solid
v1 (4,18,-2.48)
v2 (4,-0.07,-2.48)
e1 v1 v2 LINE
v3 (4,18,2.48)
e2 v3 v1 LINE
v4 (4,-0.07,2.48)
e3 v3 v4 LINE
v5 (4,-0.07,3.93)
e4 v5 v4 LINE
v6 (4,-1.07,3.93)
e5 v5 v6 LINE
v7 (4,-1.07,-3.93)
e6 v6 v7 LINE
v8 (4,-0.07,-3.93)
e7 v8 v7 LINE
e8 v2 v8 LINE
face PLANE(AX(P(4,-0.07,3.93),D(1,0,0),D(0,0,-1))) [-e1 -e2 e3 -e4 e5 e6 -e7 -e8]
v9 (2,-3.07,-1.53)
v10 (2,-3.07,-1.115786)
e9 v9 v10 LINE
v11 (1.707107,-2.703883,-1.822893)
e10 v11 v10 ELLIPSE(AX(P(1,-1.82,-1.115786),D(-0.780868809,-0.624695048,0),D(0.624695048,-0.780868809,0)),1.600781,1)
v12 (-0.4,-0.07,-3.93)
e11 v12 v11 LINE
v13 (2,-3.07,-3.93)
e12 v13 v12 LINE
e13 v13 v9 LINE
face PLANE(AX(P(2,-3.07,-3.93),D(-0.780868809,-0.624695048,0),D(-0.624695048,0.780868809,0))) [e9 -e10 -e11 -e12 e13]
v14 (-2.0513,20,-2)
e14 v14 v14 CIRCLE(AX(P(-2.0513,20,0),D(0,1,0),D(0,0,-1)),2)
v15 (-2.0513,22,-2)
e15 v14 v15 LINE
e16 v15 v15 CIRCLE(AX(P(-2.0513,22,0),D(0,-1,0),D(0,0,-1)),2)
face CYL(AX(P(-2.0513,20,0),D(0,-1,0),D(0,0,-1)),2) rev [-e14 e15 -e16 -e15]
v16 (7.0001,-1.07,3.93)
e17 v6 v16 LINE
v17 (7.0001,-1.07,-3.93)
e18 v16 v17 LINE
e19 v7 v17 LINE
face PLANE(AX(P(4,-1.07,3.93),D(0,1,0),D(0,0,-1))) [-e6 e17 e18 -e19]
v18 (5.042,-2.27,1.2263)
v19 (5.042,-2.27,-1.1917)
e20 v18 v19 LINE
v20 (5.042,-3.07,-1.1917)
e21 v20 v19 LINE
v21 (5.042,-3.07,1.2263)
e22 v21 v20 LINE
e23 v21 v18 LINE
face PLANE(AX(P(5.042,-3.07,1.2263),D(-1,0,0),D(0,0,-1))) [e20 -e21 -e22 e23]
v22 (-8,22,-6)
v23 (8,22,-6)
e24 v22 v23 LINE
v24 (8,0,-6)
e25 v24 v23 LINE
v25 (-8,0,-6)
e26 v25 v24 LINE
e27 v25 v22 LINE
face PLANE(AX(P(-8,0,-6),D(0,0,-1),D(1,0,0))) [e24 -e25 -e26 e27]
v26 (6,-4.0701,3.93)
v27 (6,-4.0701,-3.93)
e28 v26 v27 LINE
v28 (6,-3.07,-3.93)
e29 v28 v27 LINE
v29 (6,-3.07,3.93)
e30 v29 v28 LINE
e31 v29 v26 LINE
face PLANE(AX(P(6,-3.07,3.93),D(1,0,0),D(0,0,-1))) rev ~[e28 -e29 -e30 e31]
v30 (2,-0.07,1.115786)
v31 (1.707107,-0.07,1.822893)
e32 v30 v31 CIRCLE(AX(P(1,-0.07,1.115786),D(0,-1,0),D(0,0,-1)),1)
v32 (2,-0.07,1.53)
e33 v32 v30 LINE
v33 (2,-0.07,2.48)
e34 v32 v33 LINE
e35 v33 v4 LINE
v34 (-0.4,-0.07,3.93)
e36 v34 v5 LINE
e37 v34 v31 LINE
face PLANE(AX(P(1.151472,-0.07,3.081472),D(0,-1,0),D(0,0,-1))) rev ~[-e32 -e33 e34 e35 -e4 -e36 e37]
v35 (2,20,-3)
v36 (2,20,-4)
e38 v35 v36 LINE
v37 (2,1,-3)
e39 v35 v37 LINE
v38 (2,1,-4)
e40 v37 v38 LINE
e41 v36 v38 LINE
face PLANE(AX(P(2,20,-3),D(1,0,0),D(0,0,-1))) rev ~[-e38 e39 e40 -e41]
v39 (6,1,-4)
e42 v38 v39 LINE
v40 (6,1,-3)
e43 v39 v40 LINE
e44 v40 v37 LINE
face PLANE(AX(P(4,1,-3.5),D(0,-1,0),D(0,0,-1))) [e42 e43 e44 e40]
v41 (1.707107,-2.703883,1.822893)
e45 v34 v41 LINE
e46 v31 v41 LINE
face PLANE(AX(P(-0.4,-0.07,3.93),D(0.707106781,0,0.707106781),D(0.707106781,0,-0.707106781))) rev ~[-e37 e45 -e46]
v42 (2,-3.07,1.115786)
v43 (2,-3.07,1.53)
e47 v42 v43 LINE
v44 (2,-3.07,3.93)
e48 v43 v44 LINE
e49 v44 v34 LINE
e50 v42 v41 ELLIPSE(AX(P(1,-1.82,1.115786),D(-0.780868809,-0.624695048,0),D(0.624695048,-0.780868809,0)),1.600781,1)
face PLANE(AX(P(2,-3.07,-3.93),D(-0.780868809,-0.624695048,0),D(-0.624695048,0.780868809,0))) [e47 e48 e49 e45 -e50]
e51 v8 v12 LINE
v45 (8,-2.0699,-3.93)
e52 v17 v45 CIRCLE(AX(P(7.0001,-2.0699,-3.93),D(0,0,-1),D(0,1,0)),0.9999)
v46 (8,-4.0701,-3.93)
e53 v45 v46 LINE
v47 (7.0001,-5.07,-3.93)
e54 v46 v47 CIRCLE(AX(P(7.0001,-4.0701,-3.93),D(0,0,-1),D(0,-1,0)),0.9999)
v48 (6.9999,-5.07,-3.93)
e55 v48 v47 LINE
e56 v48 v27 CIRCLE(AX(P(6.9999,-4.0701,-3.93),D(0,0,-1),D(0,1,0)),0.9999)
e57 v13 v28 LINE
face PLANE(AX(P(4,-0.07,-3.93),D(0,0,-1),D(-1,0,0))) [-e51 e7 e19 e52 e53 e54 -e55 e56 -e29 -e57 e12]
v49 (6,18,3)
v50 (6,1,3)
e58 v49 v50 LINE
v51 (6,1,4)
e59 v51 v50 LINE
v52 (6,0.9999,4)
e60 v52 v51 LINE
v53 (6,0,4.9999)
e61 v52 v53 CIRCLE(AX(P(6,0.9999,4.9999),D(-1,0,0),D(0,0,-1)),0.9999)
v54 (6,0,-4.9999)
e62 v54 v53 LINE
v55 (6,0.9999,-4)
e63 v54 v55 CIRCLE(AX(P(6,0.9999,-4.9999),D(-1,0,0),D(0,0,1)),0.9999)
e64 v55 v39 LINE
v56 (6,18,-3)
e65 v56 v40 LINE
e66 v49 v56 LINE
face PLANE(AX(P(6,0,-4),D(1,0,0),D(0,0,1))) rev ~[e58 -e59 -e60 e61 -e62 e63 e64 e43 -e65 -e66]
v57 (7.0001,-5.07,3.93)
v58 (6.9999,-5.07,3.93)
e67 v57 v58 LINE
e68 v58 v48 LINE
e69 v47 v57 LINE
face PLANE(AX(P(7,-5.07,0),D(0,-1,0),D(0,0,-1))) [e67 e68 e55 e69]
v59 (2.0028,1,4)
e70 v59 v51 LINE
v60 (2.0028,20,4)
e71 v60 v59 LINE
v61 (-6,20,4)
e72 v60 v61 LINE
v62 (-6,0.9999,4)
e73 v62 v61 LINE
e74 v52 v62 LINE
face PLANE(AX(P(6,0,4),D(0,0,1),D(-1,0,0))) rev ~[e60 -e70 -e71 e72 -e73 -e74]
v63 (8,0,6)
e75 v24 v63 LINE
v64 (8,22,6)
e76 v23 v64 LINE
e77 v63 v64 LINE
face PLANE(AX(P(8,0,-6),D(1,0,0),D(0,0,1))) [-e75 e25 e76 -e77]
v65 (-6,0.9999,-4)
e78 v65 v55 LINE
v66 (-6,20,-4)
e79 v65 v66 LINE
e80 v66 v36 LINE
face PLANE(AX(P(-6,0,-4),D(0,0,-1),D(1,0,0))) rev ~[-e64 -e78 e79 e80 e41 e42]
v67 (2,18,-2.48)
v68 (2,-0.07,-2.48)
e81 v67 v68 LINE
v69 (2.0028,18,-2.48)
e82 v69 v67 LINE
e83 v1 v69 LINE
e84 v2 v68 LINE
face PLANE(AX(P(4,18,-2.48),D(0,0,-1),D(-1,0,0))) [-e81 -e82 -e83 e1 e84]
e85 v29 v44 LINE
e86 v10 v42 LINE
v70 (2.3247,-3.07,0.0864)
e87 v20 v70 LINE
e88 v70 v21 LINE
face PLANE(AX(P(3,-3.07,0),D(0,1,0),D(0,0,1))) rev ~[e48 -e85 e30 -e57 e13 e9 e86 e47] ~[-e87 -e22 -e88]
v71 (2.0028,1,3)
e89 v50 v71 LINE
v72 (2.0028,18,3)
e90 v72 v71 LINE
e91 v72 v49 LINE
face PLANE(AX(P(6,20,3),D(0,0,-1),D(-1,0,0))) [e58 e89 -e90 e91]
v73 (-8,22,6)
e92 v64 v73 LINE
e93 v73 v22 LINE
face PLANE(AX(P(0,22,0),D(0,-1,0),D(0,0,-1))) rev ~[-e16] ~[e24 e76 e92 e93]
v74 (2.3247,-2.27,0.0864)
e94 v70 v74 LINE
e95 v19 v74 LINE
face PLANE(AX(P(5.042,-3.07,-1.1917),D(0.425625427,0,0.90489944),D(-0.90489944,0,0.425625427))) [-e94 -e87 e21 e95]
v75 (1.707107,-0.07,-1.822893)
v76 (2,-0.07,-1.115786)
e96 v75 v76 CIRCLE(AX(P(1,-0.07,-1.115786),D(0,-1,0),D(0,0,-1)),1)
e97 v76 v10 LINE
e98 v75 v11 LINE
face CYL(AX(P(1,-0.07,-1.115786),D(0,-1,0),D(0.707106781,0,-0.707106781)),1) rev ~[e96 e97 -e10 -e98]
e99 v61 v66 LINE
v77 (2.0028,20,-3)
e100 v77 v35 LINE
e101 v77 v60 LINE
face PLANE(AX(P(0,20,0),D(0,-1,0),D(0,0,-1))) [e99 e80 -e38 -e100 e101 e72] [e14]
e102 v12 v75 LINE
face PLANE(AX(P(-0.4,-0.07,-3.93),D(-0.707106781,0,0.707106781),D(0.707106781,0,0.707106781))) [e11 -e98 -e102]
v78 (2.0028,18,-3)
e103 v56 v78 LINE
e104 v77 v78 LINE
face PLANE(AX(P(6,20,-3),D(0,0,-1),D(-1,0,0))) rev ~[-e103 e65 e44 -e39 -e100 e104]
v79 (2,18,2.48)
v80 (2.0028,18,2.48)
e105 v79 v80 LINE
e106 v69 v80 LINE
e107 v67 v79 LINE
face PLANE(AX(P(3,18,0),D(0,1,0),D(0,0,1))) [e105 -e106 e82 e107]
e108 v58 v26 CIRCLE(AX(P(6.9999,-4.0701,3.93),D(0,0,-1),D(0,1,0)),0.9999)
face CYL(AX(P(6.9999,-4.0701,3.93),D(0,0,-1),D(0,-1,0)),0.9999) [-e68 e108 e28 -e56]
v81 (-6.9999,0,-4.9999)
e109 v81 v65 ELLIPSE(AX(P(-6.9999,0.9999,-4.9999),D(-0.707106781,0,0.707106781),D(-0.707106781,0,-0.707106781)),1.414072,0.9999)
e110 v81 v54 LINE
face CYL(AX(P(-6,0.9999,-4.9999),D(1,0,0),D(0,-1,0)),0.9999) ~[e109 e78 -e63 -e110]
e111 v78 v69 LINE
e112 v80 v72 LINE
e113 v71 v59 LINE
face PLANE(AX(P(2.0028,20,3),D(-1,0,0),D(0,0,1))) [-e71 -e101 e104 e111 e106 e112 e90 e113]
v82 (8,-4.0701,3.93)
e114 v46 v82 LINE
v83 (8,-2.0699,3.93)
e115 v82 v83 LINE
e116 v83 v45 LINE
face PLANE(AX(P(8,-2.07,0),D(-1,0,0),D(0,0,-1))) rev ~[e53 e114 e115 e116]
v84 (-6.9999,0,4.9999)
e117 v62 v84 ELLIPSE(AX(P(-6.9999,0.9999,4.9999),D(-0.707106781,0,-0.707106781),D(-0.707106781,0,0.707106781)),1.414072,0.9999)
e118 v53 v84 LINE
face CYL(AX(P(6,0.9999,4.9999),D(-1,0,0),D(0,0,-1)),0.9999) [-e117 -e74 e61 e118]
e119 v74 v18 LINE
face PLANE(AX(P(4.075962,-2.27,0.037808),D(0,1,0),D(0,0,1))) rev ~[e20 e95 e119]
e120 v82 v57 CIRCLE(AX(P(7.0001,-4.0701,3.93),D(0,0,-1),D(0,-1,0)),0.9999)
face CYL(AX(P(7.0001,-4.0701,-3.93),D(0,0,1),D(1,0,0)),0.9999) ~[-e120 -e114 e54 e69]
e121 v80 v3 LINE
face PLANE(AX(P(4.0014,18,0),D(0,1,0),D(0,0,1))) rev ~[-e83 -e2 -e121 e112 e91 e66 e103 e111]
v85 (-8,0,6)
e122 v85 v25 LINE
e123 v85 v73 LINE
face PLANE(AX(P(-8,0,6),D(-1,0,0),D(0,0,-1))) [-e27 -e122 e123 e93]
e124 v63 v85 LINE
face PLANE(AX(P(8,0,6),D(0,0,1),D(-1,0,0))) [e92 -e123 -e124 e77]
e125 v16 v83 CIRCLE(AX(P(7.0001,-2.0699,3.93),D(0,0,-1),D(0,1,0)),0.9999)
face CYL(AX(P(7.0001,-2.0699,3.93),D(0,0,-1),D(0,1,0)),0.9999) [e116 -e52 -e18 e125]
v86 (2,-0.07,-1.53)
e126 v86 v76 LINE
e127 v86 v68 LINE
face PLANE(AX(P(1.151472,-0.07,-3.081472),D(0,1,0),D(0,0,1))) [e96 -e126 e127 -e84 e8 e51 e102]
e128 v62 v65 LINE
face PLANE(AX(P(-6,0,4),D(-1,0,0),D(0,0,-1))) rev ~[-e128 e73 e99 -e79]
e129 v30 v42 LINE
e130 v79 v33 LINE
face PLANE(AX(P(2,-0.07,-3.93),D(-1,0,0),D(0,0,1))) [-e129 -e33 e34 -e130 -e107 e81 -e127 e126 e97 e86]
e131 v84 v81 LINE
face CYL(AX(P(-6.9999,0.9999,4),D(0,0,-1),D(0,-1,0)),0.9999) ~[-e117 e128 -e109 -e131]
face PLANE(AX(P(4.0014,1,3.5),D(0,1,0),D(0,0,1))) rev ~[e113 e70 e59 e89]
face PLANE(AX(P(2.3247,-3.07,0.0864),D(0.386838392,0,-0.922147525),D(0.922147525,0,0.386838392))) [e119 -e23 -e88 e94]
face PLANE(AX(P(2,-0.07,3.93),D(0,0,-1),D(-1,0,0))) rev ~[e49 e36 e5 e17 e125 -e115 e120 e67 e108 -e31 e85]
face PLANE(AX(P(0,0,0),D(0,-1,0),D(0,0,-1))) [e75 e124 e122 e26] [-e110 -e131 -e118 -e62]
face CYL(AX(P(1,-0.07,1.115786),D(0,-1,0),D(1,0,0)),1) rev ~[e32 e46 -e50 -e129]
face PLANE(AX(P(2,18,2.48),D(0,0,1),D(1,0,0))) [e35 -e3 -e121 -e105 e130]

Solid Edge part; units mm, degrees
sketch "Sketch1" plane through (0, 0, 0) normal (0, -1, 0) x (1, 0, 0)
  line L0 (8, 6) -> (-8, 6)
  line L1 (-8, 6) -> (-8, -6)
  line L2 (-8, -6) -> (8, -6)
  line L3 (8, -6) -> (8, 6)
extrude "Protrusion1" add sketch "Sketch1" against normal blind 22
sketch "Sketch2" plane through (0, 0, 0) normal (0, -1, 0) x (1, 0, 0)
  line L0 (6, 4) -> (-6, 4)
  line L1 (-6, 4) -> (-6, -4)
  line L2 (-6, -4) -> (6, -4)
  line L3 (6, -4) -> (6, 4)
extrude "Cutout1" cut sketch "Sketch2" against normal blind 20
sketch "Sketch3" plane through (0, 20, 0) normal (0, -1, 0) x (1, 0, 0)
  line L0 (6, -3) -> (2, -3)
  line L1 (2, -3) -> (2, -4)
  line L2 (2, -4) -> (6, -4)
  line L3 (6, -4) -> (6, -3)
  line L4 (6, 3) -> (2.0028, 3)
  line L5 (2.0028, 3) -> (2.0028, 4)
  line L6 (2.0028, 4) -> (6, 4)
  line L7 (6, 4) -> (6, 3)
extrude "LockSideProtrusion" add sketch "Sketch3" along normal blind 19
sketch "Sketch4" plane through (0, 20, 0) normal (0, -1, 0) x (1, 0, 0)
  line L0 (6, 3) -> (6, -3)
  line L1 (6, -3) -> (2.0028, -3)
  line L2 (2.0028, -3) -> (2.0028, 3)
  line L3 (2.0028, 3) -> (6, 3)
extrude "LockBaseProtrusion" add sketch "Sketch4" along normal blind 2
sketch "Sketch5" plane through (4.0014, 18, 0) normal (0, -1, 0) x (1, 0, 0)
  line L0 (-0.0014, 2.48) -> (-0.0014, -2.48)
  line L1 (-0.0014, -2.48) -> (-2.0014, -2.48)
  line L2 (-2.0014, -2.48) -> (-2.0014, 2.48)
  line L3 (-2.0014, 2.48) -> (-0.0014, 2.48)
extrude "LockProtrusion" add sketch "Sketch5" along normal blind 18.07
sketch "Sketch6" plane through (3, -0.07, 0) normal (0, -1, 0) x (1, 0, 0)
  line L0 (-1, -3.93) -> (-1, 3.93)
  line L1 (-1, 3.93) -> (1, 3.93)
  line L2 (1, 3.93) -> (1, -3.93)
  line L3 (1, -3.93) -> (-1, -3.93)
extrude "LockHeadMainProtrusion" add sketch "Sketch6" along normal blind 3
sketch "Sketch7" plane through (3, -0.07, 0) normal (0, -1, 0) x (1, 0, 0)
  line L0 (-3.4, 3.93) -> (-1, 1.53)
  line L1 (-1, 1.53) -> (-1, 3.93)
  line L2 (-1, 3.93) -> (-3.4, 3.93)
  line L3 (-3.4, -3.93) -> (-1, -1.53)
  line L4 (-1, -1.53) -> (-1, -3.93)
  line L5 (-1, -3.93) -> (-3.4, -3.93)
  dimension "D1" = 0.07
  dimension "D2" = 7.86
  dimension "D3" = 0.07
extrude "LockHeadTriangleProtrusion" add sketch "Sketch7" along normal blind 3
sketch "Sketch8" plane through (1.8, -1.57, -3.93) normal (0, 0, -1) x (1, 0, 0)
  line L0 (-2.2, 1.5) -> (0.2, 1.5)
  line L1 (0.2, 1.5) -> (-2.2, -1.5)
  line L2 (-2.2, -1.5) -> (-2.2, 1.5)
extrude "LockHeadTriangleCut" cut sketch "Sketch8" against normal blind 8.6519
sketch "Sketch9" plane through (4, 7.465, 0) normal (1, 0, 0) x (0, 0, 1)
  line L0 (-3.93, 10.535) -> (3.93, 10.535)
  line L1 (3.93, 10.535) -> (3.93, 8.535)
  line L2 (3.93, 8.535) -> (-3.93, 8.535)
  line L3 (-3.93, 8.535) -> (-3.93, 10.535)
extrude "FlapBaseProtrusion" add sketch "Sketch9" along normal blind 4
sketch "Sketch10" plane through (5, -3.07, 0) normal (0, -1, 0) x (1, 0, 0)
  line L0 (3, 3.93) -> (1, 3.93)
  line L1 (1, 3.93) -> (1, -3.93)
  line L2 (1, -3.93) -> (3, -3.93)
  line L3 (3, -3.93) -> (3, 3.93)
extrude "FlapHandleProtrusion" add sketch "Sketch10" along normal blind 2
fillet "SlotInnerRound" radius 1 3 edges at (0, 0, 4) (-6, 0, 0) (0, 0, -4)
fillet "FlapRound" radius 1 3 edges at (6, -5.07, 0) (8, -5.07, 0) (8, -1.07, 0)
sketch "Sketch11" plane through (4, -3.07, 0) normal (0, -1, 0) x (1, 0, 0)
  line L0 (-1.6753, 0.0864) -> (1.042, 1.2263)
  line L1 (1.042, 1.2263) -> (1.042, -1.1917)
  line L2 (1.042, -1.1917) -> (-1.6753, 0.0864)
extrude "MarkCut" cut sketch "Sketch11" against normal blind 0.8
hole "PushHole" at (-2.0513, 20, 0) direction (0, 1, 0) diameter 4 end through all
fillet "LockTriangleRound" radius 1 2 edges at (2, -1.57, 1.53) (2, -1.57, -1.53)
